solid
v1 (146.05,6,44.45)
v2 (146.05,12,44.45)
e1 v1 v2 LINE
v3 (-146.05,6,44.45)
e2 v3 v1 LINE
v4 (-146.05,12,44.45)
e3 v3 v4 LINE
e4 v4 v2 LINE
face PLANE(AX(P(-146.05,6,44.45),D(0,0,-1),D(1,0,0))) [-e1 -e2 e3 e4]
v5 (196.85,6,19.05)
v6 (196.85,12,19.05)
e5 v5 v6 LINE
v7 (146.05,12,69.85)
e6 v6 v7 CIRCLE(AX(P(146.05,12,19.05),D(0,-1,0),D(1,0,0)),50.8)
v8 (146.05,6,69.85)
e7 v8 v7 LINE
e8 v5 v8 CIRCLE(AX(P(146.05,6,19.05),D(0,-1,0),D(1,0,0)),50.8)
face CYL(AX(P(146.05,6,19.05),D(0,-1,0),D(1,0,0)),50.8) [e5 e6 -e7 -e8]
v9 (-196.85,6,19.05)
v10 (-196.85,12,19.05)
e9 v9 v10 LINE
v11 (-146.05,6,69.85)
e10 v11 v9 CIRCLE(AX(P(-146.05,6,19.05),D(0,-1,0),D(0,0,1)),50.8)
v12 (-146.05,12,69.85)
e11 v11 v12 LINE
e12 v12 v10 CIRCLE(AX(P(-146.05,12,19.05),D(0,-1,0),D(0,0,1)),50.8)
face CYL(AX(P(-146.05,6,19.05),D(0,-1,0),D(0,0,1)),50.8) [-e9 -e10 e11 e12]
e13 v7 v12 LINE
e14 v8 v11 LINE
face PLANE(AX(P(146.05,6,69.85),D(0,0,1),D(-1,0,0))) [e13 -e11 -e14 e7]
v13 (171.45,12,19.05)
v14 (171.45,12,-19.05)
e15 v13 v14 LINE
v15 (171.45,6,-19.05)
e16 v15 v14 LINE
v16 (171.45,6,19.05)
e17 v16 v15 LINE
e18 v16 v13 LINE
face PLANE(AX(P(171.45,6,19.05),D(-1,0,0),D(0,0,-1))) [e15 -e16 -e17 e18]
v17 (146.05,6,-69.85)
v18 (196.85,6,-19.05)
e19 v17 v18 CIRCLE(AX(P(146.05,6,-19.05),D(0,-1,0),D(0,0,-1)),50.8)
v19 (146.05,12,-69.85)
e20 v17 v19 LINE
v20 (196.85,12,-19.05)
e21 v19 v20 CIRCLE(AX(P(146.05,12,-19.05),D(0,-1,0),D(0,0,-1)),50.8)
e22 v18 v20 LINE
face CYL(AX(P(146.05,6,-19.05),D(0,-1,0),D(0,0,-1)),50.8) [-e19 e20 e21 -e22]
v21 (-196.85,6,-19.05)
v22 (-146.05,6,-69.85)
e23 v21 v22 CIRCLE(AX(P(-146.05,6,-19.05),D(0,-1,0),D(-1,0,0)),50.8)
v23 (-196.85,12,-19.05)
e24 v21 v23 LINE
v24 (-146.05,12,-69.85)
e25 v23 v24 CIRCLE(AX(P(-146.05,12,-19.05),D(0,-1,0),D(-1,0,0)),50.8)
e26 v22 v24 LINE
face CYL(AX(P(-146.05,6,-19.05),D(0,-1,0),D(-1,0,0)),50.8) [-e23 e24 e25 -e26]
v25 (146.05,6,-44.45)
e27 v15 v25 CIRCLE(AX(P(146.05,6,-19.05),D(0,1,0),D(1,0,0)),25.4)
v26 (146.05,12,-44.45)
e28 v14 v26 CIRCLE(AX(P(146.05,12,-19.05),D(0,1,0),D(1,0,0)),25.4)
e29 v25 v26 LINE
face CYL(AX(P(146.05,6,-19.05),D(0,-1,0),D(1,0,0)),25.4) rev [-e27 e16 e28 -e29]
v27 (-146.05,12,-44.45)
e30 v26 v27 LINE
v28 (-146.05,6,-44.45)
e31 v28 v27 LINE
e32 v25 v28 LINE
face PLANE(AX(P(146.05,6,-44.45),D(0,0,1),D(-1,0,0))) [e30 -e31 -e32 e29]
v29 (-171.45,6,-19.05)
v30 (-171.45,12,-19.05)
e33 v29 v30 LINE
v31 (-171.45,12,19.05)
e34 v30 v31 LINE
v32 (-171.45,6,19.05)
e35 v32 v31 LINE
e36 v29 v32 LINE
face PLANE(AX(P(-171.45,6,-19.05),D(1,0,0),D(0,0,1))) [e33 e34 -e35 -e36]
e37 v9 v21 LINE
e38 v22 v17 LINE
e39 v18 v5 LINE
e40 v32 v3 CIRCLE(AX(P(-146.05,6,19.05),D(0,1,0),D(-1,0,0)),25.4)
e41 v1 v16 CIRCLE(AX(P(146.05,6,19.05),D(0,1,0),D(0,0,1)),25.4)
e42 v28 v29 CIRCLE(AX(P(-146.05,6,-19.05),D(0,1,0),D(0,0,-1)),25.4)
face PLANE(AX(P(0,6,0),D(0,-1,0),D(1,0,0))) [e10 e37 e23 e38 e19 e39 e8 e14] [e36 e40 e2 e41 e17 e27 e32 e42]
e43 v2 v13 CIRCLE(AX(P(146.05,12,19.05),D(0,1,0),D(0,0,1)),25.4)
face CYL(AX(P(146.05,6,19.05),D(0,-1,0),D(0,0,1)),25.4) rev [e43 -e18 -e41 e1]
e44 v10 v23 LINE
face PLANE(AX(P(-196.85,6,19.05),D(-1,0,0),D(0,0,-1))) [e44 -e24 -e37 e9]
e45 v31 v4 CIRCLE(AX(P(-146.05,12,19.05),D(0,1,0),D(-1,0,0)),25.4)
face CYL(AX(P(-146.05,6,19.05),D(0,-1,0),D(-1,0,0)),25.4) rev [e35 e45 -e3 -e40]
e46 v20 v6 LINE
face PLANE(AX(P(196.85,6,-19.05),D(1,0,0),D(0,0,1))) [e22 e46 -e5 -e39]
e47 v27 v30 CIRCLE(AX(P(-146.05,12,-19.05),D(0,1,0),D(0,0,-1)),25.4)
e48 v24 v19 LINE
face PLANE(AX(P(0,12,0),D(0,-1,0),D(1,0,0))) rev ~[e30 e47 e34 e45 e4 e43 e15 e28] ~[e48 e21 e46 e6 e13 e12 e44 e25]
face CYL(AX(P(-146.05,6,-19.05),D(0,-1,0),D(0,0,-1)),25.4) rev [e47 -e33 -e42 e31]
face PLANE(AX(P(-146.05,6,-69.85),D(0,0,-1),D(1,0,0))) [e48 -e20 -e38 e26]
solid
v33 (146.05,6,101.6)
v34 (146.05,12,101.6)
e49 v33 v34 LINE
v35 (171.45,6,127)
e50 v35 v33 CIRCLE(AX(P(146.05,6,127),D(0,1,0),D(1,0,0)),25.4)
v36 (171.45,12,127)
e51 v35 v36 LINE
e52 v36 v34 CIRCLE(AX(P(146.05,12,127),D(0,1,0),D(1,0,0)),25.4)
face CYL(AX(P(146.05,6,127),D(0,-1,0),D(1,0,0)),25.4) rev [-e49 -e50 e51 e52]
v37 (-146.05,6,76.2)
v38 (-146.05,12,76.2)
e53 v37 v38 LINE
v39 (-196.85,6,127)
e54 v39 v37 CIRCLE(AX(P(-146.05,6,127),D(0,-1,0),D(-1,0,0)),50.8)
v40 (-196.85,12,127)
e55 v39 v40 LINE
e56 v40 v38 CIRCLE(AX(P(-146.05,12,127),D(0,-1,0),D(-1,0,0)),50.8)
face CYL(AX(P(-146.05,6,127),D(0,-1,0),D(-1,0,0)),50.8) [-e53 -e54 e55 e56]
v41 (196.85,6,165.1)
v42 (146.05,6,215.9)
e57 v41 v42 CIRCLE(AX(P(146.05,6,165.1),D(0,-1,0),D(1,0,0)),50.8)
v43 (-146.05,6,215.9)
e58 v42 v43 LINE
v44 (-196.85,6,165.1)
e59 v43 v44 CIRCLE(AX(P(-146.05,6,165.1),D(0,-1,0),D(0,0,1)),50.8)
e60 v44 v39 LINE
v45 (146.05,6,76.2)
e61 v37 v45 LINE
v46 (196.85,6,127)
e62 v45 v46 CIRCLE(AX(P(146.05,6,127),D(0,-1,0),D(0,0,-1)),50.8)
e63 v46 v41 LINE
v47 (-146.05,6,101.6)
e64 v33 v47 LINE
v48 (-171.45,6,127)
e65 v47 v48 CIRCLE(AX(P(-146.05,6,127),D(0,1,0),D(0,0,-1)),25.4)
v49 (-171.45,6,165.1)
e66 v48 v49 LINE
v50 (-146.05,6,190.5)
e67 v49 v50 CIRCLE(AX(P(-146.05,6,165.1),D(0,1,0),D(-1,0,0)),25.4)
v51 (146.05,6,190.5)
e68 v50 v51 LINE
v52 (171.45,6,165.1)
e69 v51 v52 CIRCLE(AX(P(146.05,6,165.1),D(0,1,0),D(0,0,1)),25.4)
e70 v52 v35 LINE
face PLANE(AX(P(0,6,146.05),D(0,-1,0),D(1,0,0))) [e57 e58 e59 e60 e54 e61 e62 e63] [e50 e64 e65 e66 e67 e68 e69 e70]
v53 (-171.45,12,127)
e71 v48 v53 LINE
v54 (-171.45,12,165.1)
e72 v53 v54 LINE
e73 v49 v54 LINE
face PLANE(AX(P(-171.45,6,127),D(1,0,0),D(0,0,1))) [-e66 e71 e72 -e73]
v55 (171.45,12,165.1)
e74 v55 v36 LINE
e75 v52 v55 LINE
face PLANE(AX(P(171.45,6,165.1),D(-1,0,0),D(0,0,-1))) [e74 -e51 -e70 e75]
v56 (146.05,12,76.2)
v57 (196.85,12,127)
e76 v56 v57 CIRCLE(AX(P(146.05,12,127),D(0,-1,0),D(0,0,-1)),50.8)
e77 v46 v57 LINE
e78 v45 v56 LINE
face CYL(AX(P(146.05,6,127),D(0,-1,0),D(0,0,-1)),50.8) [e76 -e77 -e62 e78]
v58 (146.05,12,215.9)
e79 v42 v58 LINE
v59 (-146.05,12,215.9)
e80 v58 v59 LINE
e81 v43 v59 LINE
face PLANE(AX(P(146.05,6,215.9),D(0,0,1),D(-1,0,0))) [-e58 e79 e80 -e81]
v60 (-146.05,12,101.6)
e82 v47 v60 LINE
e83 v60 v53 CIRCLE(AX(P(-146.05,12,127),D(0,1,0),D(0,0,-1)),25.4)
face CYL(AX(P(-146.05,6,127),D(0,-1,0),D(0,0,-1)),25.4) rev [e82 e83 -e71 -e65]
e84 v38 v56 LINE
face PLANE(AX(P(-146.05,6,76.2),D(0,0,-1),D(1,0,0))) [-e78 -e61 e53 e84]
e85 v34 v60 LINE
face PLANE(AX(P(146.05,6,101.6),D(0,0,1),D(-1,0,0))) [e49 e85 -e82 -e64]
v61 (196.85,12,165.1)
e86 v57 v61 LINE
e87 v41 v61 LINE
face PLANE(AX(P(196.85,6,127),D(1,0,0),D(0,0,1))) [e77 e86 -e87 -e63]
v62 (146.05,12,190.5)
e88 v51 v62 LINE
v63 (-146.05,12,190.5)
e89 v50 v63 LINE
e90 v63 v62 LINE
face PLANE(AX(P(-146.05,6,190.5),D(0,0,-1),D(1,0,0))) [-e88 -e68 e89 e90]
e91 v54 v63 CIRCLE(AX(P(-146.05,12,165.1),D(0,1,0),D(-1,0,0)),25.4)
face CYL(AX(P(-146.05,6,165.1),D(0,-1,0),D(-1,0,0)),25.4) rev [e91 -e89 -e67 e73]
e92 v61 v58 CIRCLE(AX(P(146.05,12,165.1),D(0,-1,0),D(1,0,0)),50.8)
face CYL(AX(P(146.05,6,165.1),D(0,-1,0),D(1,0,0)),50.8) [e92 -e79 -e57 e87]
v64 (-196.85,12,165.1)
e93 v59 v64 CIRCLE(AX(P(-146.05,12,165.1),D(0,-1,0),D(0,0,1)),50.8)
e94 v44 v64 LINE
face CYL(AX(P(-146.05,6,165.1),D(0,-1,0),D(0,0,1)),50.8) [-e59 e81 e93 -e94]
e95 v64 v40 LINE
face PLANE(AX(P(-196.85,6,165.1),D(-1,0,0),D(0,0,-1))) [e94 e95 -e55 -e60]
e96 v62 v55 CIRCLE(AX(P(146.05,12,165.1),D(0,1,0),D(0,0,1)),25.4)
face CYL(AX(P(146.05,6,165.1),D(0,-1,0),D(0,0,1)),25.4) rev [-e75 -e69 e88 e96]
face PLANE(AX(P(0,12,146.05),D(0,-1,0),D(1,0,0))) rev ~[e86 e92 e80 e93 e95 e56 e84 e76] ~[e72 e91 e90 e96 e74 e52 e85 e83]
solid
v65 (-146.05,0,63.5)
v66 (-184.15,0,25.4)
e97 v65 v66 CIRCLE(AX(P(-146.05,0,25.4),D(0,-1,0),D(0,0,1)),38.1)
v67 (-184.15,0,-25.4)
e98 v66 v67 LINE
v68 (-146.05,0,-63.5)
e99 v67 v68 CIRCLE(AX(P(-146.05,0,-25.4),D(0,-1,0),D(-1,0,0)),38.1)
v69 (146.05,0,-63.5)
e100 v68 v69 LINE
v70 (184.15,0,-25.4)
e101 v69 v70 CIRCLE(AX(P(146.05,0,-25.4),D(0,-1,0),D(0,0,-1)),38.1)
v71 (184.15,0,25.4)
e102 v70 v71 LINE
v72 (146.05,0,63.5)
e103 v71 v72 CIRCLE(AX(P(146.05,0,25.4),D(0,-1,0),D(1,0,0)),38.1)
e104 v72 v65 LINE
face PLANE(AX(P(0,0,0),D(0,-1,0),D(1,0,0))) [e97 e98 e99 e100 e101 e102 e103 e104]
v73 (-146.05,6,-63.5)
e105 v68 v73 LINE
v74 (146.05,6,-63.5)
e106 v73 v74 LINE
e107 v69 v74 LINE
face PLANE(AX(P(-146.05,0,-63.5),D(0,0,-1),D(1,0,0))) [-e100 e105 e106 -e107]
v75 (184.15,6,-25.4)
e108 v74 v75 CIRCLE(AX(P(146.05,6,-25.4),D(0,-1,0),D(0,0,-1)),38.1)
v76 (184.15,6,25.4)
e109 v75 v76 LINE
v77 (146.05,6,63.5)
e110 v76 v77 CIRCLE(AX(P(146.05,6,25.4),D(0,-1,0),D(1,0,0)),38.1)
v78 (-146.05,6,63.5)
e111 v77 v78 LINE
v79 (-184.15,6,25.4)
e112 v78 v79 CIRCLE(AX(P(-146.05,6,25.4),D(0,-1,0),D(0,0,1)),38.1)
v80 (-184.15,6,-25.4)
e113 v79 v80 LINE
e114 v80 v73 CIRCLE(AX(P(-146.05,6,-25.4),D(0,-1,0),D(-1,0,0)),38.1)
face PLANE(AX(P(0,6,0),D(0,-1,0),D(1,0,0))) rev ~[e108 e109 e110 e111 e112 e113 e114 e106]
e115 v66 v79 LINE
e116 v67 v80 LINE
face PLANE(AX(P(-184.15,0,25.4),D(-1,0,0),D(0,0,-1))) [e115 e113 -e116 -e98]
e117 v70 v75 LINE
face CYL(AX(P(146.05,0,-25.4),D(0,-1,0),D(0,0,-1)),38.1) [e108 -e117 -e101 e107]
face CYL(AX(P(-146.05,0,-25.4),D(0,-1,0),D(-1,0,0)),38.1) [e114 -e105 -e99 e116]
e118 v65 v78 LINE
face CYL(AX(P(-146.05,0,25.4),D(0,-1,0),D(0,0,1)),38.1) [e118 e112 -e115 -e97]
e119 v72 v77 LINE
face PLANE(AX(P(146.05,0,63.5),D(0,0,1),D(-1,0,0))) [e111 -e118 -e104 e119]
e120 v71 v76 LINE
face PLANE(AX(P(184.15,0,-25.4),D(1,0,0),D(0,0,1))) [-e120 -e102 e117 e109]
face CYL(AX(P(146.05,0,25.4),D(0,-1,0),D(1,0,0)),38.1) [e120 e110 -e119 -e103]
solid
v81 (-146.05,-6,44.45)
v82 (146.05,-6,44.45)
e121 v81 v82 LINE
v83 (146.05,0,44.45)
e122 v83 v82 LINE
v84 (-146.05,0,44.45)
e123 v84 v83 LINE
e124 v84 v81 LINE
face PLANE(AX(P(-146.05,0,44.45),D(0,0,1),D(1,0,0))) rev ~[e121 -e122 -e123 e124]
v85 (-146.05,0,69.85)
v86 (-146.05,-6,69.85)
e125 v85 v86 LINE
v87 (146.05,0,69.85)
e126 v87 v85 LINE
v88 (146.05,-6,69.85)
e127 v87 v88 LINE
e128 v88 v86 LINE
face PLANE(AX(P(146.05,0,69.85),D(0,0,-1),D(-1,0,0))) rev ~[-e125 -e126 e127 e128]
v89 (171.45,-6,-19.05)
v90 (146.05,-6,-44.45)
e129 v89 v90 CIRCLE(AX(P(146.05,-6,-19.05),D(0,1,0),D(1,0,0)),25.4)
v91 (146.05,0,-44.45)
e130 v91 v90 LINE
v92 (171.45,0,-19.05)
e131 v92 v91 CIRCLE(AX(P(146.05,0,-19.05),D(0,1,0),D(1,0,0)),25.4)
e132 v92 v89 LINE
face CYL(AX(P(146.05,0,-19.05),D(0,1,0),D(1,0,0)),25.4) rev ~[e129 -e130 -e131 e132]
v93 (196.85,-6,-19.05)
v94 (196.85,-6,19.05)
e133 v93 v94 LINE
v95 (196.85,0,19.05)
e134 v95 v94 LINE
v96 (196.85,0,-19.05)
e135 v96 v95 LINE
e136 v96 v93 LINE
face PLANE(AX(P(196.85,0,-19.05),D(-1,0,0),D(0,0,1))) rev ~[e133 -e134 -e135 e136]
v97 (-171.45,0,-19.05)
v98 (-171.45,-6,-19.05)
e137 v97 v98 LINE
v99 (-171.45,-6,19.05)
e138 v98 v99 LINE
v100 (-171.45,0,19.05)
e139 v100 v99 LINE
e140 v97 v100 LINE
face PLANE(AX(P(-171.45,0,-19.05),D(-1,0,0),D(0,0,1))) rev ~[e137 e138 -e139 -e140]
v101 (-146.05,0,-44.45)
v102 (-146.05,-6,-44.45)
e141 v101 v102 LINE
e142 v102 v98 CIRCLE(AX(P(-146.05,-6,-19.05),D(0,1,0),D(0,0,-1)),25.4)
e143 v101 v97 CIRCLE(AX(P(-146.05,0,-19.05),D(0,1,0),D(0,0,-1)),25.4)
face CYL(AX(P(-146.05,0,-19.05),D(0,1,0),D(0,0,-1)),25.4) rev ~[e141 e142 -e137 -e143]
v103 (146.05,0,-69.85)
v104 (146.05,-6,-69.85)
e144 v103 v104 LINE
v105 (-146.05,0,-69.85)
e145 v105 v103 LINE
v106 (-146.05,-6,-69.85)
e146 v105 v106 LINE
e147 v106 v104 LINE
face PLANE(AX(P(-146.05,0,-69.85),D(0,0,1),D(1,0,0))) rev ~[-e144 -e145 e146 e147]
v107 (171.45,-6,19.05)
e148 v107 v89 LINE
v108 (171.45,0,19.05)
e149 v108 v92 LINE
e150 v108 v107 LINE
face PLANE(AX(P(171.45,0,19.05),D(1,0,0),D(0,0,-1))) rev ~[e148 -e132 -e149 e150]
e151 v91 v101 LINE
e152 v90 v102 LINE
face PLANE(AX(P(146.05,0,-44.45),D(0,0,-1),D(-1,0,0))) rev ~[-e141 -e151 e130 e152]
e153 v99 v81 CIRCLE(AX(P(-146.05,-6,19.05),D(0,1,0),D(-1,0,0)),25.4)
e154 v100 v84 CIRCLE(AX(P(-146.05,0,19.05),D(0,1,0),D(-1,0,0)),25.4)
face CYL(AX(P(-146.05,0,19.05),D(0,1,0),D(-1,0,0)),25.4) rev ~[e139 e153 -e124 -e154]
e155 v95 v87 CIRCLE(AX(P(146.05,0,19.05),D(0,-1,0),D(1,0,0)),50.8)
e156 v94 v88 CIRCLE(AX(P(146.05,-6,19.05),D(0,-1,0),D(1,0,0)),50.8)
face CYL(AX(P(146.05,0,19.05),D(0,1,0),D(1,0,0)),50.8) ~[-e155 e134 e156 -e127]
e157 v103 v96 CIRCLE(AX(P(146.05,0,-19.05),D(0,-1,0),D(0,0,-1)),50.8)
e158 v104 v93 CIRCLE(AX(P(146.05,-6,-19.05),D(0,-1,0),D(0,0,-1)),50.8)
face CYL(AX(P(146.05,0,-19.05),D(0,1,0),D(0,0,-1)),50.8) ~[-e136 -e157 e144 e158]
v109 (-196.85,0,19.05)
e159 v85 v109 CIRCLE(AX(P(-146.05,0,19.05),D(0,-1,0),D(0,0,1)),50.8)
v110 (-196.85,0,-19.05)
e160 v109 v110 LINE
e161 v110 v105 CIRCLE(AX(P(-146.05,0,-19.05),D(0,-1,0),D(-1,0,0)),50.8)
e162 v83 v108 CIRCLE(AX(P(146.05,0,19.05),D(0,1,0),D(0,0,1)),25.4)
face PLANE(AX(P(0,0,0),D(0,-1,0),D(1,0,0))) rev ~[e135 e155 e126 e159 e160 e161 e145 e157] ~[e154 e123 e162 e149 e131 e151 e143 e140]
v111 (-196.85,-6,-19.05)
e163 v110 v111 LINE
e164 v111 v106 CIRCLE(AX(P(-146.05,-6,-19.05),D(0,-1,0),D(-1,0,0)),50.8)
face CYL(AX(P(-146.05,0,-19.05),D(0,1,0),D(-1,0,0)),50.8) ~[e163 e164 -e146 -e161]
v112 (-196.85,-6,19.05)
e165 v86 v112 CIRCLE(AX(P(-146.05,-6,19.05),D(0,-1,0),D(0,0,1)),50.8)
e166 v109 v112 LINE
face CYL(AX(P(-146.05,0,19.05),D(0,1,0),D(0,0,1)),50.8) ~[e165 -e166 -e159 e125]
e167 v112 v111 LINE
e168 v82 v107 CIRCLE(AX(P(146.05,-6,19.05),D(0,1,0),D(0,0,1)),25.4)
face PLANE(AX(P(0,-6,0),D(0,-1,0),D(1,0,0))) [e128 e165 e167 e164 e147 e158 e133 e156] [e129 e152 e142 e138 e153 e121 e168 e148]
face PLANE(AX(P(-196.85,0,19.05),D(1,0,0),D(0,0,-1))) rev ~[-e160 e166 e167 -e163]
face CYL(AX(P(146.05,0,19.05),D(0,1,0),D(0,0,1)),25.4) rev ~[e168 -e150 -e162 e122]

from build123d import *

# Parameters (mm, degrees)
F1_DEPTH = 6
F3_DEPTH = 6
F4_START = -6
F4_DEPTH = 6


with BuildPart() as f1:
    # F0 (on Front) → F1 (new body)
    with BuildSketch(Plane.XZ):
        with BuildLine():
            ThreePointArc((184.15, 25.4), (172.9907683632, 52.3407683632), (146.05, 63.5))
            Line((146.05, 63.5), (-146.05, 63.5))
            ThreePointArc((-146.05, 63.5), (-172.9907683632, 52.3407683632), (-184.15, 25.4))
            Line((-184.15, 25.4), (-184.15, -25.4))
            ThreePointArc((-184.15, -25.4), (-172.9907683632, -52.3407683632), (-146.05, -63.5))
            Line((-146.05, -63.5), (146.05, -63.5))
            ThreePointArc((146.05, -63.5), (172.9907683632, -52.3407683632), (184.15, -25.4))
            Line((184.15, -25.4), (184.15, 25.4))
        make_face()
    extrude(amount=-F1_DEPTH)


with BuildPart() as f3:
    # F2 (on Front) → F3 (new body)
    with BuildSketch(Plane.XZ):
        with BuildLine():
            ThreePointArc((196.85, 19.05), (181.9710244843, 54.9710244843), (146.05, 69.85))
            Line((146.05, 69.85), (-146.05, 69.85))
            ThreePointArc((-146.05, 69.85), (-181.9710244843, 54.9710244843), (-196.85, 19.05))
            Line((-196.85, 19.05), (-196.85, -19.05))
            ThreePointArc((-196.85, -19.05), (-181.9710244843, -54.9710244843), (-146.05, -69.85))
            Line((-146.05, -69.85), (146.05, -69.85))
            ThreePointArc((146.05, -69.85), (181.9710244843, -54.9710244843), (196.85, -19.05))
            Line((196.85, -19.05), (196.85, 19.05))
        make_face()
        with BuildLine():
            Line((-146.05, 44.45), (146.05, 44.45))
            ThreePointArc((146.05, 44.45), (164.0105122421, 37.0105122421), (171.45, 19.05))
            Line((171.45, 19.05), (171.45, -19.05))
            ThreePointArc((171.45, -19.05), (164.0105122421, -37.0105122421), (146.05, -44.45))
            Line((146.05, -44.45), (-146.05, -44.45))
            ThreePointArc((-146.05, -44.45), (-164.0105122421, -37.0105122421), (-171.45, -19.05))
            Line((-171.45, -19.05), (-171.45, 19.05))
            ThreePointArc((-171.45, 19.05), (-164.0105122421, 37.0105122421), (-146.05, 44.45))
        make_face(mode=Mode.SUBTRACT)
    extrude(amount=F3_DEPTH)


with BuildPart() as f4:
    # F2 (on Front) → F4 (new body)
    with BuildSketch(Plane.XZ.offset(F4_START)):
        with BuildLine():
            ThreePointArc((196.85, 19.05), (181.9710244843, 54.9710244843), (146.05, 69.85))
            Line((146.05, 69.85), (-146.05, 69.85))
            ThreePointArc((-146.05, 69.85), (-181.9710244843, 54.9710244843), (-196.85, 19.05))
            Line((-196.85, 19.05), (-196.85, -19.05))
            ThreePointArc((-196.85, -19.05), (-181.9710244843, -54.9710244843), (-146.05, -69.85))
            Line((-146.05, -69.85), (146.05, -69.85))
            ThreePointArc((146.05, -69.85), (181.9710244843, -54.9710244843), (196.85, -19.05))
            Line((196.85, -19.05), (196.85, 19.05))
        make_face()
        with BuildLine():
            Line((-146.05, 44.45), (146.05, 44.45))
            ThreePointArc((146.05, 44.45), (164.0105122421, 37.0105122421), (171.45, 19.05))
            Line((171.45, 19.05), (171.45, -19.05))
            ThreePointArc((171.45, -19.05), (164.0105122421, -37.0105122421), (146.05, -44.45))
            Line((146.05, -44.45), (-146.05, -44.45))
            ThreePointArc((-146.05, -44.45), (-164.0105122421, -37.0105122421), (-171.45, -19.05))
            Line((-171.45, -19.05), (-171.45, 19.05))
            ThreePointArc((-171.45, 19.05), (-164.0105122421, 37.0105122421), (-146.05, 44.45))
        make_face(mode=Mode.SUBTRACT)
    extrude(amount=-F4_DEPTH)


with BuildPart() as f4b:
    # F2 (on Front) → F4, piece 2 (new body)
    with BuildSketch(Plane.XZ.offset(F4_START)):
        with BuildLine():
            ThreePointArc((196.85, 165.1), (181.9710244843, 201.0210244843), (146.05, 215.9))
            Line((146.05, 215.9), (-146.05, 215.9))
            ThreePointArc((-146.05, 215.9), (-181.9710244843, 201.0210244843), (-196.85, 165.1))
            Line((-196.85, 165.1), (-196.85, 127))
            ThreePointArc((-196.85, 127), (-181.9710244843, 91.0789755157), (-146.05, 76.2))
            Line((-146.05, 76.2), (146.05, 76.2))
            ThreePointArc((146.05, 76.2), (181.9710244843, 91.0789755157), (196.85, 127))
            Line((196.85, 127), (196.85, 165.1))
        make_face()
        with BuildLine():
            ThreePointArc((171.45, 127), (164.0105122421, 109.0394877579), (146.05, 101.6))
            Line((146.05, 101.6), (-146.05, 101.6))
            ThreePointArc((-146.05, 101.6), (-164.0105122421, 109.0394877579), (-171.45, 127))
            Line((-171.45, 127), (-171.45, 165.1))
            ThreePointArc((-171.45, 165.1), (-164.0105122421, 183.0605122421), (-146.05, 190.5))
            Line((-146.05, 190.5), (146.05, 190.5))
            ThreePointArc((146.05, 190.5), (164.0105122421, 183.0605122421), (171.45, 165.1))
            Line((171.45, 165.1), (171.45, 127))
        make_face(mode=Mode.SUBTRACT)
    extrude(amount=-F4_DEPTH)


solid = Compound([f1.part, f3.part, f4.part, f4b.part])
